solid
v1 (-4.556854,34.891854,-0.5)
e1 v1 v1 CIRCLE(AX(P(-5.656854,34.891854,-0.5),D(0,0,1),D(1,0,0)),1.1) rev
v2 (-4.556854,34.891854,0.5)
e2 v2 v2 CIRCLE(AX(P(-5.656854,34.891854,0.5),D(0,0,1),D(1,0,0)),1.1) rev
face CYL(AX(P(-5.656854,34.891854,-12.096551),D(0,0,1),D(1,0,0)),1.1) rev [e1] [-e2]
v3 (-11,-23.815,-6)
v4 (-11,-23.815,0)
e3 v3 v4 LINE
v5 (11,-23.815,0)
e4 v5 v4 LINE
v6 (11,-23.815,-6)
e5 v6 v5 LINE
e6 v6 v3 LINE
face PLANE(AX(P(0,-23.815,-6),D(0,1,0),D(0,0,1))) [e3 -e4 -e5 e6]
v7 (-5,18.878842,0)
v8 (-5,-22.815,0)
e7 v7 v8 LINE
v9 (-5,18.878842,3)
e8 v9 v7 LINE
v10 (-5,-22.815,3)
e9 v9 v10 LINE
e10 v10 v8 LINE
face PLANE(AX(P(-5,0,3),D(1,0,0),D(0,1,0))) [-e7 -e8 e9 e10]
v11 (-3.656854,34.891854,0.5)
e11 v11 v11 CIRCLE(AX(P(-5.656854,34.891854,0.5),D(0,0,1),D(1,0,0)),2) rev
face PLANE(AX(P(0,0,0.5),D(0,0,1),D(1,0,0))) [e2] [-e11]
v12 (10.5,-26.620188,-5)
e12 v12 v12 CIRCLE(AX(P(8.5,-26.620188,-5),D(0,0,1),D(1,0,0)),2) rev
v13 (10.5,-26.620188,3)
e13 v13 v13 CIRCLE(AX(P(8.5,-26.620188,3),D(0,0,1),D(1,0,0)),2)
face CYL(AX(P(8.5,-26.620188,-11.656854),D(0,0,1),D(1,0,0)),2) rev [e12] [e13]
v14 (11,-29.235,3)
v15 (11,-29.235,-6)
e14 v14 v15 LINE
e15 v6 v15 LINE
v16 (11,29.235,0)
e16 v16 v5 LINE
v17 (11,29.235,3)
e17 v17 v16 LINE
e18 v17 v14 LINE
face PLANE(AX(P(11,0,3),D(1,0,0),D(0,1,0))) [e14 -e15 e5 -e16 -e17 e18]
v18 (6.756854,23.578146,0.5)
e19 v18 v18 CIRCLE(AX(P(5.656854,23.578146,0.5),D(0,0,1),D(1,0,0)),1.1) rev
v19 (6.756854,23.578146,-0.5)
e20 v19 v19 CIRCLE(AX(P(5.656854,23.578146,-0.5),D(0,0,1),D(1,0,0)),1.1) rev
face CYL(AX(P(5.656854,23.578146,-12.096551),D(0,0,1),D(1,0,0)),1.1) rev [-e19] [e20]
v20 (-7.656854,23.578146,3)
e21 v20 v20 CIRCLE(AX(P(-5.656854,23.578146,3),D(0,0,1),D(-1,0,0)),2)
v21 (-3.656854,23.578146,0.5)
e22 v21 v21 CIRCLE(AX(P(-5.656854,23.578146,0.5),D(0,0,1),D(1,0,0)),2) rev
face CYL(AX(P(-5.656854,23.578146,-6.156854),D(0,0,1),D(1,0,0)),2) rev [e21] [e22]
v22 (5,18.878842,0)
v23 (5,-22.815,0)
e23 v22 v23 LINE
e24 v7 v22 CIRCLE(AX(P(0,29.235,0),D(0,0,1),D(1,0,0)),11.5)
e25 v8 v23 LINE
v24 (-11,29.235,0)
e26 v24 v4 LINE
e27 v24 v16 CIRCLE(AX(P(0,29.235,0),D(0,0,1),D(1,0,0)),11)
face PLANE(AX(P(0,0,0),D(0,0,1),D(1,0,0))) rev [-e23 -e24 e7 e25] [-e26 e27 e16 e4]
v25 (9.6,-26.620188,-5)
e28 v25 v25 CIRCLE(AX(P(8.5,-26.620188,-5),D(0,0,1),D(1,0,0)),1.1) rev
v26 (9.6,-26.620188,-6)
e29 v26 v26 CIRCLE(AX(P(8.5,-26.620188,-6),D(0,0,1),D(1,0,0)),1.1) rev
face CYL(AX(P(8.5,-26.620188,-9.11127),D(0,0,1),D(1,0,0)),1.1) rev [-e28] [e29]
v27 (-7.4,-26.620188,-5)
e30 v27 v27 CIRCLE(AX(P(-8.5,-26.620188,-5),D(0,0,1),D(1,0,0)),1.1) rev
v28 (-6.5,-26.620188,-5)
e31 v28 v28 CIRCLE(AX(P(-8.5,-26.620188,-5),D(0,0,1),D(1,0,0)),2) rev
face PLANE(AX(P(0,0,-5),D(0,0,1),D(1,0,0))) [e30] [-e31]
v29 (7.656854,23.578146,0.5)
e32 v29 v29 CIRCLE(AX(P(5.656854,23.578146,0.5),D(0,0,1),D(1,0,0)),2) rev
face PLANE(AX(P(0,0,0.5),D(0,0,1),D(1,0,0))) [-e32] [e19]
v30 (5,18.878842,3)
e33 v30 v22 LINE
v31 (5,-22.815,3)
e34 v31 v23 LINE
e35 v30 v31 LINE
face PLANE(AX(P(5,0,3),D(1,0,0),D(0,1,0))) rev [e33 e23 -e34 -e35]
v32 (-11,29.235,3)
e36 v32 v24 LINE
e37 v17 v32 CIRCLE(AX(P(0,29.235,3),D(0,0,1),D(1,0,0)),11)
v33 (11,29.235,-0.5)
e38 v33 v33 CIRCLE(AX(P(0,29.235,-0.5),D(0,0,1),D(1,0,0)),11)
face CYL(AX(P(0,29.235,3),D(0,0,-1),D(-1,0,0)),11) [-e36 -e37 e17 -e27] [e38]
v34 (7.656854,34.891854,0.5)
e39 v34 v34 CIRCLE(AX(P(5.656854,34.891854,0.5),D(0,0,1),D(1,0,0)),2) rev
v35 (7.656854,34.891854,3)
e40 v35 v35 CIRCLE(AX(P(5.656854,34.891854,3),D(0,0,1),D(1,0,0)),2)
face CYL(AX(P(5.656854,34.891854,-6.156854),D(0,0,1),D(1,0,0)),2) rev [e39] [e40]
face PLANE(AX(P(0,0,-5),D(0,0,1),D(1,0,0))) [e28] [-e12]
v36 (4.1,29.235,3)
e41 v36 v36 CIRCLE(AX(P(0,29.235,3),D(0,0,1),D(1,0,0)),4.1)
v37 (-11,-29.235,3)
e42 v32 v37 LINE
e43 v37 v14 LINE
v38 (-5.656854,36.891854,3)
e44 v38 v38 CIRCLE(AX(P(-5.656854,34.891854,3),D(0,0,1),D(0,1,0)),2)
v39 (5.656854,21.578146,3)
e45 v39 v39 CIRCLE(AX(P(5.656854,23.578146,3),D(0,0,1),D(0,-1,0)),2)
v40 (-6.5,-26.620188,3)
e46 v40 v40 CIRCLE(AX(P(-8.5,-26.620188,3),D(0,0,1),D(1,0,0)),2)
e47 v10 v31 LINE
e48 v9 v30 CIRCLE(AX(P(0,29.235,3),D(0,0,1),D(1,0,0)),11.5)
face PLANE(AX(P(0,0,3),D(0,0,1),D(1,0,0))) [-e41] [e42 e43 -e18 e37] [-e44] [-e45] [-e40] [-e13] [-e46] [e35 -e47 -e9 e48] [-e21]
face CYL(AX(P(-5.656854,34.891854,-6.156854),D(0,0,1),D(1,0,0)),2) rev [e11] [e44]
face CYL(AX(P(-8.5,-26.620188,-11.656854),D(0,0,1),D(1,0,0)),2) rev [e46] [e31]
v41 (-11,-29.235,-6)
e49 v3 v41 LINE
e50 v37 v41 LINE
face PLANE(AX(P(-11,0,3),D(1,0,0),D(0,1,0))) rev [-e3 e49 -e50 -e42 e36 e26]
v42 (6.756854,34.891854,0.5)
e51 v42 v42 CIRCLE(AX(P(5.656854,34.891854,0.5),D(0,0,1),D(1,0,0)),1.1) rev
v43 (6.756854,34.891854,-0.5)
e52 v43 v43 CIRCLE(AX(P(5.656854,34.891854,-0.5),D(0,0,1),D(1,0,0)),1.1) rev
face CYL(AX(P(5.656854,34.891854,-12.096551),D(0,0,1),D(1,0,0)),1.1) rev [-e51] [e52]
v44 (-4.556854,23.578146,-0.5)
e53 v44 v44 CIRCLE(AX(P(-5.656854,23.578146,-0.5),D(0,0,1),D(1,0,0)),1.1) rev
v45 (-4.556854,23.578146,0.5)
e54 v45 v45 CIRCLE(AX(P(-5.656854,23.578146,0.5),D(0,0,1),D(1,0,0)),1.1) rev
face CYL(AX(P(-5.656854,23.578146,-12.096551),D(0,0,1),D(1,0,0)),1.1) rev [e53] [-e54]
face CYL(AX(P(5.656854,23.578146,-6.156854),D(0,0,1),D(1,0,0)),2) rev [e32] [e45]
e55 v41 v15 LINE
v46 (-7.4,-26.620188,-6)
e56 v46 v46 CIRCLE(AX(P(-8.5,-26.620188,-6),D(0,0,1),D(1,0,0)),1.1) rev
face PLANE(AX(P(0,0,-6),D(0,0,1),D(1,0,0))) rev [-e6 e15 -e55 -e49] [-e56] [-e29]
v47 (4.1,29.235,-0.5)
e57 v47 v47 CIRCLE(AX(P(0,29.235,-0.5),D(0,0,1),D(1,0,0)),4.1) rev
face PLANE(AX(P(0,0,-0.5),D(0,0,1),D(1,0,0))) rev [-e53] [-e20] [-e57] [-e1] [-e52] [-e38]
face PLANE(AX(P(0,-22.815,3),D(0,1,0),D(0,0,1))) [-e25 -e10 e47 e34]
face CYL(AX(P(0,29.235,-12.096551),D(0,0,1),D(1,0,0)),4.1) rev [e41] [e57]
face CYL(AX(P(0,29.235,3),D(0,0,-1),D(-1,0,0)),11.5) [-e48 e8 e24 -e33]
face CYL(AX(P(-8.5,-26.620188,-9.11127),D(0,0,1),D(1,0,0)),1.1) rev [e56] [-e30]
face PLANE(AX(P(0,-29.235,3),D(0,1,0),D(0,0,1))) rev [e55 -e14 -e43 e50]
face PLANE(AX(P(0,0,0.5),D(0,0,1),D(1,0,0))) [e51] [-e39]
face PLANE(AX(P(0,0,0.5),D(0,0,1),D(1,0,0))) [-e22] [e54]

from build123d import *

# Parameters (mm, degrees)
BOSS_EXTRUDE1_DEPTH = 3
BOSS_EXTRUDE2_START = -0.5
SKETCH1_3_R         = 11
BOSS_EXTRUDE2_DEPTH = 0.5
SKETCH2_R           = 4.1
SKETCH2_R_2         = 1.1
CUT_EXTRUDE1_DEPTH  = 3.5
SKETCH2_3_R         = 2
CUT_EXTRUDE2_DEPTH  = 2.5
CIRPATTERN2_COUNT   = 4
SKETCH1_6_W         = 11
SKETCH1_6_H         = 5.42
BOSS_EXTRUDE3_DEPTH = 6
SKETCH3_R           = 1.1
CUT_EXTRUDE3_DEPTH  = 9
SKETCH3_3_R         = 2
SKETCH3_3_R_2       = 1.1
CUT_EXTRUDE4_DEPTH  = 8


with BuildPart() as part:
    # Sketch1 → Boss-Extrude1 (new body)
    with BuildSketch(Plane.XY):
        with BuildLine():
            Line((-11, 29.235), (-11, -29.235))
            Line((-11, -29.235), (11, -29.235))
            Line((11, -29.235), (11, 29.235))
            ThreePointArc((11, 29.235), (0, 40.235), (-11, 29.235))
        make_face()
        with BuildLine():
            Line((5, -22.815), (-5, -22.815))
            Line((-5, -22.815), (-5, 18.878842411))
            ThreePointArc((-5, 18.878842411), (0, 17.735), (5, 18.878842411))
            Line((5, 18.878842411), (5, -22.815))
        make_face(mode=Mode.SUBTRACT)
    extrude(amount=BOSS_EXTRUDE1_DEPTH)

    # Sketch1<3> → Boss-Extrude2 (add)
    with BuildSketch(Plane.XY.offset(BOSS_EXTRUDE2_START)):
        with Locations((0, 29.235)):
            Circle(SKETCH1_3_R)
    extrude(amount=BOSS_EXTRUDE2_DEPTH)

    # Sketch2 → Cut-Extrude1 (cut)
    with BuildSketch(Plane.XY.offset(3)):
        with Locations((0, 29.235)):
            Circle(SKETCH2_R)
        with Locations((5.656854249, 34.891854249)):
            Circle(SKETCH2_R_2)
    cut_extrude1 = extrude(amount=-CUT_EXTRUDE1_DEPTH, mode=Mode.SUBTRACT)

    # Sketch2<3> → Cut-Extrude2 (cut)
    with BuildSketch(Plane.XY.offset(3)):
        with Locations((5.656854249, 34.891854249)):
            Circle(SKETCH2_3_R)
    cut_extrude2 = extrude(amount=-CUT_EXTRUDE2_DEPTH, mode=Mode.SUBTRACT)

    # CirPattern2: Cut-Extrude1, Cut-Extrude2 ×4 about axis
    cirpattern2_axis = Axis((0, 29.235, 0), (0, 0, 1))
    add([cut_extrude1.rotate(cirpattern2_axis, i * 360 / CIRPATTERN2_COUNT) for i in range(1, CIRPATTERN2_COUNT)], mode=Mode.SUBTRACT)
    add([cut_extrude2.rotate(cirpattern2_axis, i * 360 / CIRPATTERN2_COUNT) for i in range(1, CIRPATTERN2_COUNT)], mode=Mode.SUBTRACT)

    # Sketch1<6> → Boss-Extrude3 (add)
    with BuildSketch(Plane.XY):
        with Locations((-5.5, -26.525)):
            Rectangle(SKETCH1_6_W, SKETCH1_6_H)
        with Locations((5.5, -26.525)):
            Rectangle(SKETCH1_6_W, SKETCH1_6_H)
    extrude(amount=-BOSS_EXTRUDE3_DEPTH)

    # Sketch3 → Cut-Extrude3 (cut)
    with BuildSketch(Plane.XY.offset(3)):
        with Locations((-8.5, -26.62018786)):
            Circle(SKETCH3_R)
        with Locations((8.5, -26.62018786)):
            Circle(SKETCH3_R)
    extrude(amount=-CUT_EXTRUDE3_DEPTH, mode=Mode.SUBTRACT)

    # Sketch3<3> → Cut-Extrude4 (cut)
    # profile 1 of 2: a face of its own
    with BuildSketch(Plane.XY.offset(3)):
        with Locations((-8.5, -26.62018786)):
            Circle(SKETCH3_3_R)
        with Locations((-8.5, -26.62018786)):
            Circle(SKETCH3_3_R_2, mode=Mode.SUBTRACT)
    # profile 2 of 2: a face of its own
    with BuildSketch(Plane.XY.offset(3)):
        with Locations((8.5, -26.62018786)):
            Circle(SKETCH3_3_R)
        with Locations((8.5, -26.62018786)):
            Circle(SKETCH3_3_R_2, mode=Mode.SUBTRACT)
    extrude(amount=-CUT_EXTRUDE4_DEPTH, mode=Mode.SUBTRACT)


solid = part.part
